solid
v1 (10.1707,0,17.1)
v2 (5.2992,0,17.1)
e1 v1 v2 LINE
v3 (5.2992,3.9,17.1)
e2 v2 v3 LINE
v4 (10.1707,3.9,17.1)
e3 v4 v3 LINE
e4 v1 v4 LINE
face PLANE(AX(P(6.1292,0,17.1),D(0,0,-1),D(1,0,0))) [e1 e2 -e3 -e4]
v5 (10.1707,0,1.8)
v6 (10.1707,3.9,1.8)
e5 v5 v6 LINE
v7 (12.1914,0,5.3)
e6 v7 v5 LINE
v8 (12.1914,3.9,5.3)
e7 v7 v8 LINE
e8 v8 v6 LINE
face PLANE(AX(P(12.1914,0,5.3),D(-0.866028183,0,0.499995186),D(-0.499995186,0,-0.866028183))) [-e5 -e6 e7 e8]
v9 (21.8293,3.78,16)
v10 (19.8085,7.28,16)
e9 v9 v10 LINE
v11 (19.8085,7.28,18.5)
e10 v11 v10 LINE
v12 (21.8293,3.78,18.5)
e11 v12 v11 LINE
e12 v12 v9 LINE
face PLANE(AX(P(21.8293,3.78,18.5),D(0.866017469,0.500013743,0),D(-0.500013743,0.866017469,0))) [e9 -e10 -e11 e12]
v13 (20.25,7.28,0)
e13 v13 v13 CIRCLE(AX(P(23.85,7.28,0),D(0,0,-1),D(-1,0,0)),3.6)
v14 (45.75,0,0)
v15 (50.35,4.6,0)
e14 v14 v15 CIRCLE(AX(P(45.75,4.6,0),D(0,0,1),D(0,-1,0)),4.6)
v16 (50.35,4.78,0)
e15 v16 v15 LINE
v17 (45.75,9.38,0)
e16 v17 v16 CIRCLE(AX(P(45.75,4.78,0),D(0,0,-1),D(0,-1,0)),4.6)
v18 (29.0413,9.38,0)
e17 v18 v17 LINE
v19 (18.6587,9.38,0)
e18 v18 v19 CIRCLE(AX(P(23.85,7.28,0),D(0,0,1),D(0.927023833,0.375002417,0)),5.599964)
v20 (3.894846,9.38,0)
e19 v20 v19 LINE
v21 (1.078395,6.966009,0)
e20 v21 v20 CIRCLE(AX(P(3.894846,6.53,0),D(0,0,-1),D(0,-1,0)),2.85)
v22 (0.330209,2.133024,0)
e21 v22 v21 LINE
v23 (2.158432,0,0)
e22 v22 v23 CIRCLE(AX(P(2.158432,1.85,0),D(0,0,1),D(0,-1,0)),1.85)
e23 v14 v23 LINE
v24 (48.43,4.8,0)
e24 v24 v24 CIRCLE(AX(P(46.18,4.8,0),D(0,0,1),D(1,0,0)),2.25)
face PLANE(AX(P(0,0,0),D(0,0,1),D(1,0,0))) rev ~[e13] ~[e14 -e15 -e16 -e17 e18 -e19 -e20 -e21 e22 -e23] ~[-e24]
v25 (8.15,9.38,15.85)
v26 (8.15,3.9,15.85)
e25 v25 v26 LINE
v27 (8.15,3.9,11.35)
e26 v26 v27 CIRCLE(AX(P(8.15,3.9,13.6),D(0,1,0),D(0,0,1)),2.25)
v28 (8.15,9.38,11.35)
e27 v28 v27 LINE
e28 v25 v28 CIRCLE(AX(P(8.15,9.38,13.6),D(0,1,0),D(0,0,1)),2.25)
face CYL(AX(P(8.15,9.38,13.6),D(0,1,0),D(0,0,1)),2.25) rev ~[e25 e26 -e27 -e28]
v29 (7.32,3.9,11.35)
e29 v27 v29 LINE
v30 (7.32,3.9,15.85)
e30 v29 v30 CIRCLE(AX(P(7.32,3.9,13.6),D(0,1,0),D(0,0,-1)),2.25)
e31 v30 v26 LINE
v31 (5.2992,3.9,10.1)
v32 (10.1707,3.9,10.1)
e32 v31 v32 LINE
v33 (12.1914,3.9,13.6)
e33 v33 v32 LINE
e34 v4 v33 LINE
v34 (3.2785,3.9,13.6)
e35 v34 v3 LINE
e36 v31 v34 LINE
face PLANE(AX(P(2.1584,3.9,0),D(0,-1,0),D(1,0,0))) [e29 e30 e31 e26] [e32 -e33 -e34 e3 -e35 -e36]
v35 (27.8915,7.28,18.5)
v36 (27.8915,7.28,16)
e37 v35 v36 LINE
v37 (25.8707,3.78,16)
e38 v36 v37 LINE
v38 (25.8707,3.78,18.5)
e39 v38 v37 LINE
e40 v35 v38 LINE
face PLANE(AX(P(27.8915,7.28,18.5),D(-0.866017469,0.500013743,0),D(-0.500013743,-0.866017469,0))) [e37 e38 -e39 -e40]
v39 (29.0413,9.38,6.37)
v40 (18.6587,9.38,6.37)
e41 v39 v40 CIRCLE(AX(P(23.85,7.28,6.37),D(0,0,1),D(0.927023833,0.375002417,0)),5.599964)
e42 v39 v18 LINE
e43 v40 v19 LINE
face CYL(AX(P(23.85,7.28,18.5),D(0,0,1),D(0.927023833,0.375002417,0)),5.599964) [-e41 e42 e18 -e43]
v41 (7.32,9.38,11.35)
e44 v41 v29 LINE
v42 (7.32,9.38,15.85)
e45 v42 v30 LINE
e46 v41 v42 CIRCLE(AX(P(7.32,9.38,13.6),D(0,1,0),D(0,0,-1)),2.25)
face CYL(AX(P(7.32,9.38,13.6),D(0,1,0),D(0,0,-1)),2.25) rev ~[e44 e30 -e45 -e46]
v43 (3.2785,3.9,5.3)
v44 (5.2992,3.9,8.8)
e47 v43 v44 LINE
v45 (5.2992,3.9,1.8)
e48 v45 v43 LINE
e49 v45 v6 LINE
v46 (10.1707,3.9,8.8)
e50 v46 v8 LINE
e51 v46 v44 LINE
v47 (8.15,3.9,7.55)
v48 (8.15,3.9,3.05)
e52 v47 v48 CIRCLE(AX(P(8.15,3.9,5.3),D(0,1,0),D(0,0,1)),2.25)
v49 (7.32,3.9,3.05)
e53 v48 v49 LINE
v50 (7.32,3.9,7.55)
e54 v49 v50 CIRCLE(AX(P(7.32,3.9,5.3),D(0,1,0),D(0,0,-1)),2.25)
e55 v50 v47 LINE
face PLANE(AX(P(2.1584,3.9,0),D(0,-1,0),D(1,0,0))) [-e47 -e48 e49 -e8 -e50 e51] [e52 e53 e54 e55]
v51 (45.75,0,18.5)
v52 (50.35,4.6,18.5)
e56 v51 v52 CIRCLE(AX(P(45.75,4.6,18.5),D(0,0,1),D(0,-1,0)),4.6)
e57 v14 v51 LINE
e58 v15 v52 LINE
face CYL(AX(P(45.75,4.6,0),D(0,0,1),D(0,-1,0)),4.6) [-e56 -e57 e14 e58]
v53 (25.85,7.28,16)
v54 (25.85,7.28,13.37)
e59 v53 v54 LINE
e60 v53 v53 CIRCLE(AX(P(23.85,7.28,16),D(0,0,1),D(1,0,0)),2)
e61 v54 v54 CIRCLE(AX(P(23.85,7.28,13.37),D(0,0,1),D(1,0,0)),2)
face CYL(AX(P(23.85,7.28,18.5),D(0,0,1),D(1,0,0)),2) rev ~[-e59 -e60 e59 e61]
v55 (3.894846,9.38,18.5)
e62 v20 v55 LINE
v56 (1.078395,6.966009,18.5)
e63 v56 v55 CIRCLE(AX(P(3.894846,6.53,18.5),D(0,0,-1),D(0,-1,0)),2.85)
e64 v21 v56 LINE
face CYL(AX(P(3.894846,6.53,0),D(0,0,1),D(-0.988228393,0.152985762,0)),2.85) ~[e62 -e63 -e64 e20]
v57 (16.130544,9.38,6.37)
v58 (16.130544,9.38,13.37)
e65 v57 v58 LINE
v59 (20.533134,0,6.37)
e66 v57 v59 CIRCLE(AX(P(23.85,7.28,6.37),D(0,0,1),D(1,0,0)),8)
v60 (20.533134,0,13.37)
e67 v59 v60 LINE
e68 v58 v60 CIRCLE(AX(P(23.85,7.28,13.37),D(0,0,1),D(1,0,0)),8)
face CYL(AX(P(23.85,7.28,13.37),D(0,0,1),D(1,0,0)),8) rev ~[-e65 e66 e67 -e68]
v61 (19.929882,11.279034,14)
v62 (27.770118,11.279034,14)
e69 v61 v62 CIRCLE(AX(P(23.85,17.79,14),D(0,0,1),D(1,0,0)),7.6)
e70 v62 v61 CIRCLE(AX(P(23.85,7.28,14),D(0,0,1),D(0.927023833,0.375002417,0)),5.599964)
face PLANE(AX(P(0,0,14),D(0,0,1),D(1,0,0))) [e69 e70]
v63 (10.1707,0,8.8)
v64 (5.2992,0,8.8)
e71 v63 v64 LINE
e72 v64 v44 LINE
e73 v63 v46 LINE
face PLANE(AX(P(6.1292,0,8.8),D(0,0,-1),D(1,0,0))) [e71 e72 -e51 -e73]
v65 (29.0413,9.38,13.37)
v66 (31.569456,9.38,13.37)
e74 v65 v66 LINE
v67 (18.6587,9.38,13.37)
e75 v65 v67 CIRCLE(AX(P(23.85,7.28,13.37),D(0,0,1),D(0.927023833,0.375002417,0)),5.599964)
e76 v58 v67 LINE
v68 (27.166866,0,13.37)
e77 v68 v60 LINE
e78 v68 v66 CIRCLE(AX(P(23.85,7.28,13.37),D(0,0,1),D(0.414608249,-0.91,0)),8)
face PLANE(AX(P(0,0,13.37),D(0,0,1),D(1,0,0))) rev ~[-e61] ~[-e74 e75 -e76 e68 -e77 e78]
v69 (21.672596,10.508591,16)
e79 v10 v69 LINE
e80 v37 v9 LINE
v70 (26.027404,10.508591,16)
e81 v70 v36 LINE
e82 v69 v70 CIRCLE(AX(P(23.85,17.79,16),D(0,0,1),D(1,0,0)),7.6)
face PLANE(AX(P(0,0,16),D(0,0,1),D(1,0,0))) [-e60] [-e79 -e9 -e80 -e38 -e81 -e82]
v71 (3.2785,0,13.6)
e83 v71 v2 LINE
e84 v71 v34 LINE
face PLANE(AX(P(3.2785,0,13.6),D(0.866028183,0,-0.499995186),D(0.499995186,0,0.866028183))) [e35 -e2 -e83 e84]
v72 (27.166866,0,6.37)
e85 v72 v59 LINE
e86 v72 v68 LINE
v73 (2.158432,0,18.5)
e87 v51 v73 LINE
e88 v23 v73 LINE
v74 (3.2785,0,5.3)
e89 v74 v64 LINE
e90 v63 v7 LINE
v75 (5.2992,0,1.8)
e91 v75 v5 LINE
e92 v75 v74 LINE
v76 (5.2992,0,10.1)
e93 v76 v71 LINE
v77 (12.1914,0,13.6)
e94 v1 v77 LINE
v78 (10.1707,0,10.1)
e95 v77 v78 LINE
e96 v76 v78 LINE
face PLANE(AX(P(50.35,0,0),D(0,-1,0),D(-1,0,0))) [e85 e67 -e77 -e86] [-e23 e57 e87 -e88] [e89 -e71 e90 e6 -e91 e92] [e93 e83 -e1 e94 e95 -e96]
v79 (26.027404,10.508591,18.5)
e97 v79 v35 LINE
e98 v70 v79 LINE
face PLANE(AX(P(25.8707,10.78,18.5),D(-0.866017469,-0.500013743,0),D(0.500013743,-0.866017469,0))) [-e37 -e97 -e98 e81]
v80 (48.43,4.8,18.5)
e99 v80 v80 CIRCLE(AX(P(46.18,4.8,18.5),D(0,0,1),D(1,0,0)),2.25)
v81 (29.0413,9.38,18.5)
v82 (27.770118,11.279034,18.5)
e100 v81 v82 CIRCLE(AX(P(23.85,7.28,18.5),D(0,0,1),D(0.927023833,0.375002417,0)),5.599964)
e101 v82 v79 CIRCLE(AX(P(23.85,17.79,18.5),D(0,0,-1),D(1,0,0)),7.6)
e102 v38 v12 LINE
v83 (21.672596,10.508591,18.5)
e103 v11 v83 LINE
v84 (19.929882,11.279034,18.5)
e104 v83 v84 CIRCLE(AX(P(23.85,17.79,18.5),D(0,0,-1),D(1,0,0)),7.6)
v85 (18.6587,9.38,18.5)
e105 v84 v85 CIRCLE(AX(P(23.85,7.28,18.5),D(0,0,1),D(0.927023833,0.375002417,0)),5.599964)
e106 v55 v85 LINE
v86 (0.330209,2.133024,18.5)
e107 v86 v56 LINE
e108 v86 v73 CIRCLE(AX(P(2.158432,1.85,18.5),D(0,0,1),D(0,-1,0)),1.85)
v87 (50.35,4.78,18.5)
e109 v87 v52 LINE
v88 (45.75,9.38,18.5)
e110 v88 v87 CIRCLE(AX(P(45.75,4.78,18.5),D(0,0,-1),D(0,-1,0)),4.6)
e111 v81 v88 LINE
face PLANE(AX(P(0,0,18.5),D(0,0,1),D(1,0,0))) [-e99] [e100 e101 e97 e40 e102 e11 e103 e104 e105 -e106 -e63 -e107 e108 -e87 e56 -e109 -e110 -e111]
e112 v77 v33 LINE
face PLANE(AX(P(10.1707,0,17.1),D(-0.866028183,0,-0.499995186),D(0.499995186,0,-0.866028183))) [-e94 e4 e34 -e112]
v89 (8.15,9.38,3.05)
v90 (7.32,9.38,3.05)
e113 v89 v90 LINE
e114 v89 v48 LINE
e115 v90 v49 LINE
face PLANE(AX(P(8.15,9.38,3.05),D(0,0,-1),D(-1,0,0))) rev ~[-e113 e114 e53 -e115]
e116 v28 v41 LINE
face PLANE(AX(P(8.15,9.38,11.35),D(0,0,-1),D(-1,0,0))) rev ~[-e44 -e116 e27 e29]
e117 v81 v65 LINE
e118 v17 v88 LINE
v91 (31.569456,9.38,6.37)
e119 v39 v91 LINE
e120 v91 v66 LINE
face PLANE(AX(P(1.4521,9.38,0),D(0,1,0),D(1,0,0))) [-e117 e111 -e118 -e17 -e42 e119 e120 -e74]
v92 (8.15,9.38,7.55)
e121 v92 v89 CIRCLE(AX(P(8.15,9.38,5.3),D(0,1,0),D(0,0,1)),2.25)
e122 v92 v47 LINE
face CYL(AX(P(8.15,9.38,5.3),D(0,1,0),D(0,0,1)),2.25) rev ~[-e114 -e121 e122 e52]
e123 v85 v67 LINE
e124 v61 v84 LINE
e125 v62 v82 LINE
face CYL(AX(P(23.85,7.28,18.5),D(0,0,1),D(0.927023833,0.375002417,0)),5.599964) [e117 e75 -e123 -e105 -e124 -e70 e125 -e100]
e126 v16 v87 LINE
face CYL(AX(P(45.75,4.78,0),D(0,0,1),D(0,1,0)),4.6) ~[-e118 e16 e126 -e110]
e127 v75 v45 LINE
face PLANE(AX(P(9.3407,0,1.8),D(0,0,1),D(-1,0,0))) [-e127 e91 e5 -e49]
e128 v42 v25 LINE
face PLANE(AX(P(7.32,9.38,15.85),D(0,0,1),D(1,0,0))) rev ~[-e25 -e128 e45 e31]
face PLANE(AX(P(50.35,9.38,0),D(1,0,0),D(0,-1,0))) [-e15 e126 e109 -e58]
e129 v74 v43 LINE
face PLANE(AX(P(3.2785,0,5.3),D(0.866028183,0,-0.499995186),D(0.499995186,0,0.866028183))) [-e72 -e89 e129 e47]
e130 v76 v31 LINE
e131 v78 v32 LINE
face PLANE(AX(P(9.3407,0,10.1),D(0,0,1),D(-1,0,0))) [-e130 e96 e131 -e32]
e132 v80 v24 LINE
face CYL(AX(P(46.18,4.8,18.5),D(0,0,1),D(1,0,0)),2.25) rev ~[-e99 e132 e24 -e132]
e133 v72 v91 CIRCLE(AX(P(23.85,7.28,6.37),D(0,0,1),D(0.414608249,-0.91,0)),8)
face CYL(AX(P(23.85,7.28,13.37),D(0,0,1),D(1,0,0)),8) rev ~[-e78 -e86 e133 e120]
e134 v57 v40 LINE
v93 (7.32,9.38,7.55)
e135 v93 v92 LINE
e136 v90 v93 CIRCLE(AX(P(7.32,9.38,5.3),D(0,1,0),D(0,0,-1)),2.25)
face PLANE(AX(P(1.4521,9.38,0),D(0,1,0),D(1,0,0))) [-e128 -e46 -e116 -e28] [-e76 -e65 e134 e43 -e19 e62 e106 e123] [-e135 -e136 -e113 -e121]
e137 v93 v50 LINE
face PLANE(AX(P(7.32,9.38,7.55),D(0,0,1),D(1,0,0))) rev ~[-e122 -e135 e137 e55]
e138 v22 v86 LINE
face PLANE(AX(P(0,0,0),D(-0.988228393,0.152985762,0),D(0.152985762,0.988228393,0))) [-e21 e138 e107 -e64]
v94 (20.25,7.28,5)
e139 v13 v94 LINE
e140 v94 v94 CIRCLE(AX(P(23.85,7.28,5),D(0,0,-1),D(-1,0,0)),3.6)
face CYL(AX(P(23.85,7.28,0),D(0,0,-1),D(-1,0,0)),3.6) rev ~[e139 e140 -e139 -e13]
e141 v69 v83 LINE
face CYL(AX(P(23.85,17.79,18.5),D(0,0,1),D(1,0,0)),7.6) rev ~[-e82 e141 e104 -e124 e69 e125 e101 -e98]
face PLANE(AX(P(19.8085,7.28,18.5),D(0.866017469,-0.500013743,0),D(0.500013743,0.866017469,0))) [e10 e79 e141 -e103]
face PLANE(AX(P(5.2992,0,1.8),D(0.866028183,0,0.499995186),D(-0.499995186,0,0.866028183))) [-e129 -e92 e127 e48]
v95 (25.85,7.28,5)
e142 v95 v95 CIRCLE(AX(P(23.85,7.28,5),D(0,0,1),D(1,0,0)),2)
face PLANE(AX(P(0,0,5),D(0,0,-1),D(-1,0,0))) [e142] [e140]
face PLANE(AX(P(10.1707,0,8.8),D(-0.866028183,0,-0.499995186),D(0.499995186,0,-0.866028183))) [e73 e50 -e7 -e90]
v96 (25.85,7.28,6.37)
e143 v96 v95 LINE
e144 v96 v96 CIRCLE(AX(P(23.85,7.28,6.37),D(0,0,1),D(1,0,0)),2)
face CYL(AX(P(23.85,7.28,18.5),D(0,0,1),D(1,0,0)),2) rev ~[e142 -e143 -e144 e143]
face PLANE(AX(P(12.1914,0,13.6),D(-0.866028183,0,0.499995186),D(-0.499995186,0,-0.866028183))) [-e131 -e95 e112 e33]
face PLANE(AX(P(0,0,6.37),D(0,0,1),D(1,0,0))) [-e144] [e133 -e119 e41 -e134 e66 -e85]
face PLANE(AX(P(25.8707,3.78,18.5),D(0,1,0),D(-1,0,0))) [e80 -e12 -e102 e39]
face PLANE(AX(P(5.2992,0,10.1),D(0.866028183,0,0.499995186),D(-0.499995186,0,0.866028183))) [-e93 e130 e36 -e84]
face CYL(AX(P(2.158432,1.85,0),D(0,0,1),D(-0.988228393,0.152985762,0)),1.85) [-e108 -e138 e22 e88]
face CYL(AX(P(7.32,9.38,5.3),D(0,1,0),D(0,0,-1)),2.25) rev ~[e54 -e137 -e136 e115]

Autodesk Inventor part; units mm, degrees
ref_plane "YZ Plane" through (0, 0, 0) normal (1, 0, 0) x (0, 1, 0)
ref_plane "XZ Plane" through (0, 0, 0) normal (0, 1, 0) x (-1, 0, 0)
sketch "Sketch1" plane through (0, 0, 0) normal (0, 0, 1) x (1, 0, 0)
  line L0 (0, 0) -> (1.4521, 9.38)
  line L1 (1.4521, 9.38) -> (50.35, 9.38)
  line L2 (50.35, 9.38) -> (50.35, 0)
  line L3 (50.35, 0) -> (0, 0)
  dimension "d7" = 81.2
  dimension "d8" = 50.35
  dimension "d9" = 9.38
extrude "Extrusion1" add sketch "Sketch1" along normal blind 18.5
fillet "Fillet1" radius 2.85 1 edges at (1.4521, 9.38, 9.25)
fillet "Fillet2" radius 1.85 1 edges at (0, 0, 9.25)
sketch "Sketch3" plane through (0, 0, 18.5) normal (0, 0, 1) x (1, 0, 0)
  line L0 (2.1584, 0) -> (50.35, 0) projected
  line L1 (50.35, 0) -> (50.35, 9.38) projected
  circle A0 centre (46.18, 4.8) radius 2.25
  point P0 (0, 0)
  dimension "d13" = 4.5
  dimension "d14" = 4.8
  dimension "d15" = 4.17
extrude "Extrusion2" cut sketch "Sketch3" against normal up to next
fillet "Fillet3" radius 4.6 2 edges at (50.35, 9.38, 9.25) (50.35, 0, 9.25)
sketch "Sketch5" plane through (0, 0, 18.5) normal (0, 0, 1) x (1, 0, 0)
  line L0 (45.75, 9.38) -> (3.8948, 9.38) projected
  arc A0 (29.0413, 9.38) -> (18.6587, 9.38) centre (23.85, 7.28) ccw
  point P0 (50.35, 4.6)
  point P1 (0, 0)
  dimension "d24" = 11.2
  dimension "d25" = 2.1
  dimension "d26" = 26.5
extrude "Extrusion4" add sketch "Sketch5" against normal up to surface (18.5 mm away)
sketch "Sketch6" plane through (0, 0, 18.5) normal (0, 0, 1) x (1, 0, 0)
  arc A0 (29.0413, 9.38) -> (18.6587, 9.38) centre (23.85, 7.28) ccw projected
  line L0 (27.8915, 7.28) -> (25.8707, 3.78)
  line L1 (25.8707, 3.78) -> (21.8293, 3.78)
  line L2 (21.8293, 3.78) -> (19.8085, 7.28)
  line L3 (19.8085, 7.28) -> (21.8293, 10.78)
  line L4 (21.8293, 10.78) -> (25.8707, 10.78)
  line L5 (25.8707, 10.78) -> (27.8915, 7.28)
  point P0 (0, 0)
  dimension "d29" = 7
extrude "Extrusion5" cut sketch "Sketch6" against normal blind 2.5
sketch "Sketch7" plane through (0, 0, 18.5) normal (0, 0, 1) x (1, 0, 0)
  arc A0 (29.0413, 9.38) -> (18.6587, 9.38) centre (23.85, 7.28) ccw projected
  circle A1 centre (23.85, 7.28) radius 2
  point P0 (0, 0)
  dimension "d32" = 4
extrude "Extrusion6" cut sketch "Sketch7" against normal up to surface (18.5 mm away)
ref_plane "Work Plane1" through (0, 0, 13.37) normal (0, 0, 1) x (1, 0, 0)
sketch "Sketch8" plane through (0, 0, 13.37) normal (0, 0, 1) x (1, 0, 0)
  circle A0 centre (23.85, 7.28) radius 2 projected
  circle A1 centre (23.85, 7.28) radius 8
  point P0 (0, 0)
  dimension "d36" = 16
extrude "Extrusion7" cut sketch "Sketch8" against normal blind 7
sketch "Sketch9" plane through (0, 0, 18.5) normal (0, 0, 1) x (1, 0, 0)
  line L0 (45.75, 9.38) -> (29.0413, 9.38) projected
  arc A0 (29.0413, 9.38) -> (18.6587, 9.38) centre (23.85, 7.28) ccw projected
  circle A1 centre (23.85, 17.79) radius 7.6
  point P0 (0, 0)
  dimension "d39" = 15.2
  dimension "d40" = 8.41
extrude "Extrusion8" cut sketch "Sketch9" against normal blind 4.5
sketch "Sketch10" plane through (0, 0, 0) normal (0, 0, -1) x (-1, 0, 0)
  circle A0 centre (-23.85, 7.28) radius 2 projected
  arc A1 (-18.6587, 9.38) -> (-29.0413, 9.38) centre (-23.85, 7.28) ccw projected
  circle A2 centre (-23.85, 7.28) radius 3.6
  point P0 (0, 0)
  dimension "d43" = 7.2
extrude "Extrusion9" cut sketch "Sketch10" against normal blind 5
sketch "Sketch11" plane through (3.8948, 9.38, 18.5) normal (0, 1, 0) x (1, 0, 0)
  line L0 (0, 18.5) -> (14.7638, 18.5) projected
  line L1 (14.7638, 0) -> (0, 0) projected
  line L2 (3.4252, 13.2) -> (4.2552, 13.2) construction
  line L3 (3.4252, 10.95) -> (4.2552, 10.95)
  line L4 (4.2552, 15.45) -> (3.4252, 15.45)
  arc A0 (3.4252, 15.45) -> (3.4252, 10.95) centre (3.4252, 13.2) ccw
  arc A1 (4.2552, 10.95) -> (4.2552, 15.45) centre (4.2552, 13.2) ccw
  line L5 (3.4252, 4.9) -> (4.2552, 4.9) construction
  line L6 (3.4252, 2.65) -> (4.2552, 2.65)
  line L7 (4.2552, 7.15) -> (3.4252, 7.15)
  arc A2 (3.4252, 7.15) -> (3.4252, 2.65) centre (3.4252, 4.9) ccw
  arc A3 (4.2552, 2.65) -> (4.2552, 7.15) centre (4.2552, 4.9) ccw
  line L8 (46.4552, 0) -> (46.4552, 18.5) projected
  point P0 (-3.8948, 18.5)
  point P1 (3.8402, 13.2)
  point P2 (3.8402, 4.9)
  dimension "d46" = 4.5
  dimension "d47" = 0.83
  dimension "d48" = 4.9
  dimension "d49" = 5.3
  dimension "d50" = 42.2
extrude "Extrusion10" cut sketch "Sketch11" against normal up to next
sketch "Sketch12" plane through (2.1584, 0, 0) normal (0, -1, 0) x (1, 0, 0)
  arc A0 (5.9916, 3.05) -> (5.9916, 7.55) centre (5.9916, 5.3) ccw projected
  line L0 (5.9916, 3.05) -> (5.1616, 3.05) projected
  arc A1 (5.1616, 7.55) -> (5.1616, 3.05) centre (5.1616, 5.3) ccw projected
  line L1 (5.1616, 7.55) -> (5.9916, 7.55) projected
  arc A2 (5.9916, 11.35) -> (5.9916, 15.85) centre (5.9916, 13.6) ccw projected
  line L2 (5.9916, 11.35) -> (5.1616, 11.35) projected
  arc A3 (5.1616, 15.85) -> (5.1616, 11.35) centre (5.1616, 13.6) ccw projected
  line L3 (5.1616, 15.85) -> (5.9916, 15.85) projected
  line L4 (10.033, 13.6) -> (8.0123, 10.1)
  line L5 (8.0123, 10.1) -> (3.9708, 10.1)
  line L6 (3.9708, 10.1) -> (1.9501, 13.6)
  line L7 (1.9501, 13.6) -> (3.9708, 17.1)
  line L8 (3.9708, 17.1) -> (8.0123, 17.1)
  line L9 (8.0123, 17.1) -> (10.033, 13.6)
  line L10 (1.1201, 13.6) -> (3.1408, 17.1)
  line L11 (3.1408, 17.1) -> (7.1823, 17.1)
  line L12 (7.1823, 17.1) -> (9.203, 13.6)
  line L13 (9.203, 13.6) -> (7.1823, 10.1)
  line L14 (7.1823, 10.1) -> (3.1408, 10.1)
  line L15 (3.1408, 10.1) -> (1.1201, 13.6)
  line L16 (10.033, 5.3) -> (8.0123, 1.8)
  line L17 (8.0123, 1.8) -> (3.9708, 1.8)
  line L18 (3.9708, 1.8) -> (1.9501, 5.3)
  line L19 (1.9501, 5.3) -> (3.9708, 8.8)
  line L20 (3.9708, 8.8) -> (8.0123, 8.8)
  line L21 (8.0123, 8.8) -> (10.033, 5.3)
  line L22 (1.1201, 5.3) -> (3.1408, 8.8)
  line L23 (3.1408, 8.8) -> (7.1823, 8.8)
  line L24 (7.1823, 8.8) -> (9.203, 5.3)
  line L25 (9.203, 5.3) -> (7.1823, 1.8)
  line L26 (7.1823, 1.8) -> (3.1408, 1.8)
  line L27 (3.1408, 1.8) -> (1.1201, 5.3)
  point P0 (-2.1584, 0)
  dimension "d53" = 7
extrude "Extrusion11" cut sketch "Sketch12" against normal blind 3.9 contours L0 A1 L1 A0 | L2 A3 L3 A2 | L4 L5 L13 L12 L8 L9 | L5 L6 L7 L8 L12 L13 | L14 L15 L10 L11 L7 L6 | L16 L17 L25 L24 L20 L21 | L17 L18 L19 L20 L24 L25 | L26 L27 L22 L23 L19 L18
properties part number "FelixOriginalBearingHolder"
